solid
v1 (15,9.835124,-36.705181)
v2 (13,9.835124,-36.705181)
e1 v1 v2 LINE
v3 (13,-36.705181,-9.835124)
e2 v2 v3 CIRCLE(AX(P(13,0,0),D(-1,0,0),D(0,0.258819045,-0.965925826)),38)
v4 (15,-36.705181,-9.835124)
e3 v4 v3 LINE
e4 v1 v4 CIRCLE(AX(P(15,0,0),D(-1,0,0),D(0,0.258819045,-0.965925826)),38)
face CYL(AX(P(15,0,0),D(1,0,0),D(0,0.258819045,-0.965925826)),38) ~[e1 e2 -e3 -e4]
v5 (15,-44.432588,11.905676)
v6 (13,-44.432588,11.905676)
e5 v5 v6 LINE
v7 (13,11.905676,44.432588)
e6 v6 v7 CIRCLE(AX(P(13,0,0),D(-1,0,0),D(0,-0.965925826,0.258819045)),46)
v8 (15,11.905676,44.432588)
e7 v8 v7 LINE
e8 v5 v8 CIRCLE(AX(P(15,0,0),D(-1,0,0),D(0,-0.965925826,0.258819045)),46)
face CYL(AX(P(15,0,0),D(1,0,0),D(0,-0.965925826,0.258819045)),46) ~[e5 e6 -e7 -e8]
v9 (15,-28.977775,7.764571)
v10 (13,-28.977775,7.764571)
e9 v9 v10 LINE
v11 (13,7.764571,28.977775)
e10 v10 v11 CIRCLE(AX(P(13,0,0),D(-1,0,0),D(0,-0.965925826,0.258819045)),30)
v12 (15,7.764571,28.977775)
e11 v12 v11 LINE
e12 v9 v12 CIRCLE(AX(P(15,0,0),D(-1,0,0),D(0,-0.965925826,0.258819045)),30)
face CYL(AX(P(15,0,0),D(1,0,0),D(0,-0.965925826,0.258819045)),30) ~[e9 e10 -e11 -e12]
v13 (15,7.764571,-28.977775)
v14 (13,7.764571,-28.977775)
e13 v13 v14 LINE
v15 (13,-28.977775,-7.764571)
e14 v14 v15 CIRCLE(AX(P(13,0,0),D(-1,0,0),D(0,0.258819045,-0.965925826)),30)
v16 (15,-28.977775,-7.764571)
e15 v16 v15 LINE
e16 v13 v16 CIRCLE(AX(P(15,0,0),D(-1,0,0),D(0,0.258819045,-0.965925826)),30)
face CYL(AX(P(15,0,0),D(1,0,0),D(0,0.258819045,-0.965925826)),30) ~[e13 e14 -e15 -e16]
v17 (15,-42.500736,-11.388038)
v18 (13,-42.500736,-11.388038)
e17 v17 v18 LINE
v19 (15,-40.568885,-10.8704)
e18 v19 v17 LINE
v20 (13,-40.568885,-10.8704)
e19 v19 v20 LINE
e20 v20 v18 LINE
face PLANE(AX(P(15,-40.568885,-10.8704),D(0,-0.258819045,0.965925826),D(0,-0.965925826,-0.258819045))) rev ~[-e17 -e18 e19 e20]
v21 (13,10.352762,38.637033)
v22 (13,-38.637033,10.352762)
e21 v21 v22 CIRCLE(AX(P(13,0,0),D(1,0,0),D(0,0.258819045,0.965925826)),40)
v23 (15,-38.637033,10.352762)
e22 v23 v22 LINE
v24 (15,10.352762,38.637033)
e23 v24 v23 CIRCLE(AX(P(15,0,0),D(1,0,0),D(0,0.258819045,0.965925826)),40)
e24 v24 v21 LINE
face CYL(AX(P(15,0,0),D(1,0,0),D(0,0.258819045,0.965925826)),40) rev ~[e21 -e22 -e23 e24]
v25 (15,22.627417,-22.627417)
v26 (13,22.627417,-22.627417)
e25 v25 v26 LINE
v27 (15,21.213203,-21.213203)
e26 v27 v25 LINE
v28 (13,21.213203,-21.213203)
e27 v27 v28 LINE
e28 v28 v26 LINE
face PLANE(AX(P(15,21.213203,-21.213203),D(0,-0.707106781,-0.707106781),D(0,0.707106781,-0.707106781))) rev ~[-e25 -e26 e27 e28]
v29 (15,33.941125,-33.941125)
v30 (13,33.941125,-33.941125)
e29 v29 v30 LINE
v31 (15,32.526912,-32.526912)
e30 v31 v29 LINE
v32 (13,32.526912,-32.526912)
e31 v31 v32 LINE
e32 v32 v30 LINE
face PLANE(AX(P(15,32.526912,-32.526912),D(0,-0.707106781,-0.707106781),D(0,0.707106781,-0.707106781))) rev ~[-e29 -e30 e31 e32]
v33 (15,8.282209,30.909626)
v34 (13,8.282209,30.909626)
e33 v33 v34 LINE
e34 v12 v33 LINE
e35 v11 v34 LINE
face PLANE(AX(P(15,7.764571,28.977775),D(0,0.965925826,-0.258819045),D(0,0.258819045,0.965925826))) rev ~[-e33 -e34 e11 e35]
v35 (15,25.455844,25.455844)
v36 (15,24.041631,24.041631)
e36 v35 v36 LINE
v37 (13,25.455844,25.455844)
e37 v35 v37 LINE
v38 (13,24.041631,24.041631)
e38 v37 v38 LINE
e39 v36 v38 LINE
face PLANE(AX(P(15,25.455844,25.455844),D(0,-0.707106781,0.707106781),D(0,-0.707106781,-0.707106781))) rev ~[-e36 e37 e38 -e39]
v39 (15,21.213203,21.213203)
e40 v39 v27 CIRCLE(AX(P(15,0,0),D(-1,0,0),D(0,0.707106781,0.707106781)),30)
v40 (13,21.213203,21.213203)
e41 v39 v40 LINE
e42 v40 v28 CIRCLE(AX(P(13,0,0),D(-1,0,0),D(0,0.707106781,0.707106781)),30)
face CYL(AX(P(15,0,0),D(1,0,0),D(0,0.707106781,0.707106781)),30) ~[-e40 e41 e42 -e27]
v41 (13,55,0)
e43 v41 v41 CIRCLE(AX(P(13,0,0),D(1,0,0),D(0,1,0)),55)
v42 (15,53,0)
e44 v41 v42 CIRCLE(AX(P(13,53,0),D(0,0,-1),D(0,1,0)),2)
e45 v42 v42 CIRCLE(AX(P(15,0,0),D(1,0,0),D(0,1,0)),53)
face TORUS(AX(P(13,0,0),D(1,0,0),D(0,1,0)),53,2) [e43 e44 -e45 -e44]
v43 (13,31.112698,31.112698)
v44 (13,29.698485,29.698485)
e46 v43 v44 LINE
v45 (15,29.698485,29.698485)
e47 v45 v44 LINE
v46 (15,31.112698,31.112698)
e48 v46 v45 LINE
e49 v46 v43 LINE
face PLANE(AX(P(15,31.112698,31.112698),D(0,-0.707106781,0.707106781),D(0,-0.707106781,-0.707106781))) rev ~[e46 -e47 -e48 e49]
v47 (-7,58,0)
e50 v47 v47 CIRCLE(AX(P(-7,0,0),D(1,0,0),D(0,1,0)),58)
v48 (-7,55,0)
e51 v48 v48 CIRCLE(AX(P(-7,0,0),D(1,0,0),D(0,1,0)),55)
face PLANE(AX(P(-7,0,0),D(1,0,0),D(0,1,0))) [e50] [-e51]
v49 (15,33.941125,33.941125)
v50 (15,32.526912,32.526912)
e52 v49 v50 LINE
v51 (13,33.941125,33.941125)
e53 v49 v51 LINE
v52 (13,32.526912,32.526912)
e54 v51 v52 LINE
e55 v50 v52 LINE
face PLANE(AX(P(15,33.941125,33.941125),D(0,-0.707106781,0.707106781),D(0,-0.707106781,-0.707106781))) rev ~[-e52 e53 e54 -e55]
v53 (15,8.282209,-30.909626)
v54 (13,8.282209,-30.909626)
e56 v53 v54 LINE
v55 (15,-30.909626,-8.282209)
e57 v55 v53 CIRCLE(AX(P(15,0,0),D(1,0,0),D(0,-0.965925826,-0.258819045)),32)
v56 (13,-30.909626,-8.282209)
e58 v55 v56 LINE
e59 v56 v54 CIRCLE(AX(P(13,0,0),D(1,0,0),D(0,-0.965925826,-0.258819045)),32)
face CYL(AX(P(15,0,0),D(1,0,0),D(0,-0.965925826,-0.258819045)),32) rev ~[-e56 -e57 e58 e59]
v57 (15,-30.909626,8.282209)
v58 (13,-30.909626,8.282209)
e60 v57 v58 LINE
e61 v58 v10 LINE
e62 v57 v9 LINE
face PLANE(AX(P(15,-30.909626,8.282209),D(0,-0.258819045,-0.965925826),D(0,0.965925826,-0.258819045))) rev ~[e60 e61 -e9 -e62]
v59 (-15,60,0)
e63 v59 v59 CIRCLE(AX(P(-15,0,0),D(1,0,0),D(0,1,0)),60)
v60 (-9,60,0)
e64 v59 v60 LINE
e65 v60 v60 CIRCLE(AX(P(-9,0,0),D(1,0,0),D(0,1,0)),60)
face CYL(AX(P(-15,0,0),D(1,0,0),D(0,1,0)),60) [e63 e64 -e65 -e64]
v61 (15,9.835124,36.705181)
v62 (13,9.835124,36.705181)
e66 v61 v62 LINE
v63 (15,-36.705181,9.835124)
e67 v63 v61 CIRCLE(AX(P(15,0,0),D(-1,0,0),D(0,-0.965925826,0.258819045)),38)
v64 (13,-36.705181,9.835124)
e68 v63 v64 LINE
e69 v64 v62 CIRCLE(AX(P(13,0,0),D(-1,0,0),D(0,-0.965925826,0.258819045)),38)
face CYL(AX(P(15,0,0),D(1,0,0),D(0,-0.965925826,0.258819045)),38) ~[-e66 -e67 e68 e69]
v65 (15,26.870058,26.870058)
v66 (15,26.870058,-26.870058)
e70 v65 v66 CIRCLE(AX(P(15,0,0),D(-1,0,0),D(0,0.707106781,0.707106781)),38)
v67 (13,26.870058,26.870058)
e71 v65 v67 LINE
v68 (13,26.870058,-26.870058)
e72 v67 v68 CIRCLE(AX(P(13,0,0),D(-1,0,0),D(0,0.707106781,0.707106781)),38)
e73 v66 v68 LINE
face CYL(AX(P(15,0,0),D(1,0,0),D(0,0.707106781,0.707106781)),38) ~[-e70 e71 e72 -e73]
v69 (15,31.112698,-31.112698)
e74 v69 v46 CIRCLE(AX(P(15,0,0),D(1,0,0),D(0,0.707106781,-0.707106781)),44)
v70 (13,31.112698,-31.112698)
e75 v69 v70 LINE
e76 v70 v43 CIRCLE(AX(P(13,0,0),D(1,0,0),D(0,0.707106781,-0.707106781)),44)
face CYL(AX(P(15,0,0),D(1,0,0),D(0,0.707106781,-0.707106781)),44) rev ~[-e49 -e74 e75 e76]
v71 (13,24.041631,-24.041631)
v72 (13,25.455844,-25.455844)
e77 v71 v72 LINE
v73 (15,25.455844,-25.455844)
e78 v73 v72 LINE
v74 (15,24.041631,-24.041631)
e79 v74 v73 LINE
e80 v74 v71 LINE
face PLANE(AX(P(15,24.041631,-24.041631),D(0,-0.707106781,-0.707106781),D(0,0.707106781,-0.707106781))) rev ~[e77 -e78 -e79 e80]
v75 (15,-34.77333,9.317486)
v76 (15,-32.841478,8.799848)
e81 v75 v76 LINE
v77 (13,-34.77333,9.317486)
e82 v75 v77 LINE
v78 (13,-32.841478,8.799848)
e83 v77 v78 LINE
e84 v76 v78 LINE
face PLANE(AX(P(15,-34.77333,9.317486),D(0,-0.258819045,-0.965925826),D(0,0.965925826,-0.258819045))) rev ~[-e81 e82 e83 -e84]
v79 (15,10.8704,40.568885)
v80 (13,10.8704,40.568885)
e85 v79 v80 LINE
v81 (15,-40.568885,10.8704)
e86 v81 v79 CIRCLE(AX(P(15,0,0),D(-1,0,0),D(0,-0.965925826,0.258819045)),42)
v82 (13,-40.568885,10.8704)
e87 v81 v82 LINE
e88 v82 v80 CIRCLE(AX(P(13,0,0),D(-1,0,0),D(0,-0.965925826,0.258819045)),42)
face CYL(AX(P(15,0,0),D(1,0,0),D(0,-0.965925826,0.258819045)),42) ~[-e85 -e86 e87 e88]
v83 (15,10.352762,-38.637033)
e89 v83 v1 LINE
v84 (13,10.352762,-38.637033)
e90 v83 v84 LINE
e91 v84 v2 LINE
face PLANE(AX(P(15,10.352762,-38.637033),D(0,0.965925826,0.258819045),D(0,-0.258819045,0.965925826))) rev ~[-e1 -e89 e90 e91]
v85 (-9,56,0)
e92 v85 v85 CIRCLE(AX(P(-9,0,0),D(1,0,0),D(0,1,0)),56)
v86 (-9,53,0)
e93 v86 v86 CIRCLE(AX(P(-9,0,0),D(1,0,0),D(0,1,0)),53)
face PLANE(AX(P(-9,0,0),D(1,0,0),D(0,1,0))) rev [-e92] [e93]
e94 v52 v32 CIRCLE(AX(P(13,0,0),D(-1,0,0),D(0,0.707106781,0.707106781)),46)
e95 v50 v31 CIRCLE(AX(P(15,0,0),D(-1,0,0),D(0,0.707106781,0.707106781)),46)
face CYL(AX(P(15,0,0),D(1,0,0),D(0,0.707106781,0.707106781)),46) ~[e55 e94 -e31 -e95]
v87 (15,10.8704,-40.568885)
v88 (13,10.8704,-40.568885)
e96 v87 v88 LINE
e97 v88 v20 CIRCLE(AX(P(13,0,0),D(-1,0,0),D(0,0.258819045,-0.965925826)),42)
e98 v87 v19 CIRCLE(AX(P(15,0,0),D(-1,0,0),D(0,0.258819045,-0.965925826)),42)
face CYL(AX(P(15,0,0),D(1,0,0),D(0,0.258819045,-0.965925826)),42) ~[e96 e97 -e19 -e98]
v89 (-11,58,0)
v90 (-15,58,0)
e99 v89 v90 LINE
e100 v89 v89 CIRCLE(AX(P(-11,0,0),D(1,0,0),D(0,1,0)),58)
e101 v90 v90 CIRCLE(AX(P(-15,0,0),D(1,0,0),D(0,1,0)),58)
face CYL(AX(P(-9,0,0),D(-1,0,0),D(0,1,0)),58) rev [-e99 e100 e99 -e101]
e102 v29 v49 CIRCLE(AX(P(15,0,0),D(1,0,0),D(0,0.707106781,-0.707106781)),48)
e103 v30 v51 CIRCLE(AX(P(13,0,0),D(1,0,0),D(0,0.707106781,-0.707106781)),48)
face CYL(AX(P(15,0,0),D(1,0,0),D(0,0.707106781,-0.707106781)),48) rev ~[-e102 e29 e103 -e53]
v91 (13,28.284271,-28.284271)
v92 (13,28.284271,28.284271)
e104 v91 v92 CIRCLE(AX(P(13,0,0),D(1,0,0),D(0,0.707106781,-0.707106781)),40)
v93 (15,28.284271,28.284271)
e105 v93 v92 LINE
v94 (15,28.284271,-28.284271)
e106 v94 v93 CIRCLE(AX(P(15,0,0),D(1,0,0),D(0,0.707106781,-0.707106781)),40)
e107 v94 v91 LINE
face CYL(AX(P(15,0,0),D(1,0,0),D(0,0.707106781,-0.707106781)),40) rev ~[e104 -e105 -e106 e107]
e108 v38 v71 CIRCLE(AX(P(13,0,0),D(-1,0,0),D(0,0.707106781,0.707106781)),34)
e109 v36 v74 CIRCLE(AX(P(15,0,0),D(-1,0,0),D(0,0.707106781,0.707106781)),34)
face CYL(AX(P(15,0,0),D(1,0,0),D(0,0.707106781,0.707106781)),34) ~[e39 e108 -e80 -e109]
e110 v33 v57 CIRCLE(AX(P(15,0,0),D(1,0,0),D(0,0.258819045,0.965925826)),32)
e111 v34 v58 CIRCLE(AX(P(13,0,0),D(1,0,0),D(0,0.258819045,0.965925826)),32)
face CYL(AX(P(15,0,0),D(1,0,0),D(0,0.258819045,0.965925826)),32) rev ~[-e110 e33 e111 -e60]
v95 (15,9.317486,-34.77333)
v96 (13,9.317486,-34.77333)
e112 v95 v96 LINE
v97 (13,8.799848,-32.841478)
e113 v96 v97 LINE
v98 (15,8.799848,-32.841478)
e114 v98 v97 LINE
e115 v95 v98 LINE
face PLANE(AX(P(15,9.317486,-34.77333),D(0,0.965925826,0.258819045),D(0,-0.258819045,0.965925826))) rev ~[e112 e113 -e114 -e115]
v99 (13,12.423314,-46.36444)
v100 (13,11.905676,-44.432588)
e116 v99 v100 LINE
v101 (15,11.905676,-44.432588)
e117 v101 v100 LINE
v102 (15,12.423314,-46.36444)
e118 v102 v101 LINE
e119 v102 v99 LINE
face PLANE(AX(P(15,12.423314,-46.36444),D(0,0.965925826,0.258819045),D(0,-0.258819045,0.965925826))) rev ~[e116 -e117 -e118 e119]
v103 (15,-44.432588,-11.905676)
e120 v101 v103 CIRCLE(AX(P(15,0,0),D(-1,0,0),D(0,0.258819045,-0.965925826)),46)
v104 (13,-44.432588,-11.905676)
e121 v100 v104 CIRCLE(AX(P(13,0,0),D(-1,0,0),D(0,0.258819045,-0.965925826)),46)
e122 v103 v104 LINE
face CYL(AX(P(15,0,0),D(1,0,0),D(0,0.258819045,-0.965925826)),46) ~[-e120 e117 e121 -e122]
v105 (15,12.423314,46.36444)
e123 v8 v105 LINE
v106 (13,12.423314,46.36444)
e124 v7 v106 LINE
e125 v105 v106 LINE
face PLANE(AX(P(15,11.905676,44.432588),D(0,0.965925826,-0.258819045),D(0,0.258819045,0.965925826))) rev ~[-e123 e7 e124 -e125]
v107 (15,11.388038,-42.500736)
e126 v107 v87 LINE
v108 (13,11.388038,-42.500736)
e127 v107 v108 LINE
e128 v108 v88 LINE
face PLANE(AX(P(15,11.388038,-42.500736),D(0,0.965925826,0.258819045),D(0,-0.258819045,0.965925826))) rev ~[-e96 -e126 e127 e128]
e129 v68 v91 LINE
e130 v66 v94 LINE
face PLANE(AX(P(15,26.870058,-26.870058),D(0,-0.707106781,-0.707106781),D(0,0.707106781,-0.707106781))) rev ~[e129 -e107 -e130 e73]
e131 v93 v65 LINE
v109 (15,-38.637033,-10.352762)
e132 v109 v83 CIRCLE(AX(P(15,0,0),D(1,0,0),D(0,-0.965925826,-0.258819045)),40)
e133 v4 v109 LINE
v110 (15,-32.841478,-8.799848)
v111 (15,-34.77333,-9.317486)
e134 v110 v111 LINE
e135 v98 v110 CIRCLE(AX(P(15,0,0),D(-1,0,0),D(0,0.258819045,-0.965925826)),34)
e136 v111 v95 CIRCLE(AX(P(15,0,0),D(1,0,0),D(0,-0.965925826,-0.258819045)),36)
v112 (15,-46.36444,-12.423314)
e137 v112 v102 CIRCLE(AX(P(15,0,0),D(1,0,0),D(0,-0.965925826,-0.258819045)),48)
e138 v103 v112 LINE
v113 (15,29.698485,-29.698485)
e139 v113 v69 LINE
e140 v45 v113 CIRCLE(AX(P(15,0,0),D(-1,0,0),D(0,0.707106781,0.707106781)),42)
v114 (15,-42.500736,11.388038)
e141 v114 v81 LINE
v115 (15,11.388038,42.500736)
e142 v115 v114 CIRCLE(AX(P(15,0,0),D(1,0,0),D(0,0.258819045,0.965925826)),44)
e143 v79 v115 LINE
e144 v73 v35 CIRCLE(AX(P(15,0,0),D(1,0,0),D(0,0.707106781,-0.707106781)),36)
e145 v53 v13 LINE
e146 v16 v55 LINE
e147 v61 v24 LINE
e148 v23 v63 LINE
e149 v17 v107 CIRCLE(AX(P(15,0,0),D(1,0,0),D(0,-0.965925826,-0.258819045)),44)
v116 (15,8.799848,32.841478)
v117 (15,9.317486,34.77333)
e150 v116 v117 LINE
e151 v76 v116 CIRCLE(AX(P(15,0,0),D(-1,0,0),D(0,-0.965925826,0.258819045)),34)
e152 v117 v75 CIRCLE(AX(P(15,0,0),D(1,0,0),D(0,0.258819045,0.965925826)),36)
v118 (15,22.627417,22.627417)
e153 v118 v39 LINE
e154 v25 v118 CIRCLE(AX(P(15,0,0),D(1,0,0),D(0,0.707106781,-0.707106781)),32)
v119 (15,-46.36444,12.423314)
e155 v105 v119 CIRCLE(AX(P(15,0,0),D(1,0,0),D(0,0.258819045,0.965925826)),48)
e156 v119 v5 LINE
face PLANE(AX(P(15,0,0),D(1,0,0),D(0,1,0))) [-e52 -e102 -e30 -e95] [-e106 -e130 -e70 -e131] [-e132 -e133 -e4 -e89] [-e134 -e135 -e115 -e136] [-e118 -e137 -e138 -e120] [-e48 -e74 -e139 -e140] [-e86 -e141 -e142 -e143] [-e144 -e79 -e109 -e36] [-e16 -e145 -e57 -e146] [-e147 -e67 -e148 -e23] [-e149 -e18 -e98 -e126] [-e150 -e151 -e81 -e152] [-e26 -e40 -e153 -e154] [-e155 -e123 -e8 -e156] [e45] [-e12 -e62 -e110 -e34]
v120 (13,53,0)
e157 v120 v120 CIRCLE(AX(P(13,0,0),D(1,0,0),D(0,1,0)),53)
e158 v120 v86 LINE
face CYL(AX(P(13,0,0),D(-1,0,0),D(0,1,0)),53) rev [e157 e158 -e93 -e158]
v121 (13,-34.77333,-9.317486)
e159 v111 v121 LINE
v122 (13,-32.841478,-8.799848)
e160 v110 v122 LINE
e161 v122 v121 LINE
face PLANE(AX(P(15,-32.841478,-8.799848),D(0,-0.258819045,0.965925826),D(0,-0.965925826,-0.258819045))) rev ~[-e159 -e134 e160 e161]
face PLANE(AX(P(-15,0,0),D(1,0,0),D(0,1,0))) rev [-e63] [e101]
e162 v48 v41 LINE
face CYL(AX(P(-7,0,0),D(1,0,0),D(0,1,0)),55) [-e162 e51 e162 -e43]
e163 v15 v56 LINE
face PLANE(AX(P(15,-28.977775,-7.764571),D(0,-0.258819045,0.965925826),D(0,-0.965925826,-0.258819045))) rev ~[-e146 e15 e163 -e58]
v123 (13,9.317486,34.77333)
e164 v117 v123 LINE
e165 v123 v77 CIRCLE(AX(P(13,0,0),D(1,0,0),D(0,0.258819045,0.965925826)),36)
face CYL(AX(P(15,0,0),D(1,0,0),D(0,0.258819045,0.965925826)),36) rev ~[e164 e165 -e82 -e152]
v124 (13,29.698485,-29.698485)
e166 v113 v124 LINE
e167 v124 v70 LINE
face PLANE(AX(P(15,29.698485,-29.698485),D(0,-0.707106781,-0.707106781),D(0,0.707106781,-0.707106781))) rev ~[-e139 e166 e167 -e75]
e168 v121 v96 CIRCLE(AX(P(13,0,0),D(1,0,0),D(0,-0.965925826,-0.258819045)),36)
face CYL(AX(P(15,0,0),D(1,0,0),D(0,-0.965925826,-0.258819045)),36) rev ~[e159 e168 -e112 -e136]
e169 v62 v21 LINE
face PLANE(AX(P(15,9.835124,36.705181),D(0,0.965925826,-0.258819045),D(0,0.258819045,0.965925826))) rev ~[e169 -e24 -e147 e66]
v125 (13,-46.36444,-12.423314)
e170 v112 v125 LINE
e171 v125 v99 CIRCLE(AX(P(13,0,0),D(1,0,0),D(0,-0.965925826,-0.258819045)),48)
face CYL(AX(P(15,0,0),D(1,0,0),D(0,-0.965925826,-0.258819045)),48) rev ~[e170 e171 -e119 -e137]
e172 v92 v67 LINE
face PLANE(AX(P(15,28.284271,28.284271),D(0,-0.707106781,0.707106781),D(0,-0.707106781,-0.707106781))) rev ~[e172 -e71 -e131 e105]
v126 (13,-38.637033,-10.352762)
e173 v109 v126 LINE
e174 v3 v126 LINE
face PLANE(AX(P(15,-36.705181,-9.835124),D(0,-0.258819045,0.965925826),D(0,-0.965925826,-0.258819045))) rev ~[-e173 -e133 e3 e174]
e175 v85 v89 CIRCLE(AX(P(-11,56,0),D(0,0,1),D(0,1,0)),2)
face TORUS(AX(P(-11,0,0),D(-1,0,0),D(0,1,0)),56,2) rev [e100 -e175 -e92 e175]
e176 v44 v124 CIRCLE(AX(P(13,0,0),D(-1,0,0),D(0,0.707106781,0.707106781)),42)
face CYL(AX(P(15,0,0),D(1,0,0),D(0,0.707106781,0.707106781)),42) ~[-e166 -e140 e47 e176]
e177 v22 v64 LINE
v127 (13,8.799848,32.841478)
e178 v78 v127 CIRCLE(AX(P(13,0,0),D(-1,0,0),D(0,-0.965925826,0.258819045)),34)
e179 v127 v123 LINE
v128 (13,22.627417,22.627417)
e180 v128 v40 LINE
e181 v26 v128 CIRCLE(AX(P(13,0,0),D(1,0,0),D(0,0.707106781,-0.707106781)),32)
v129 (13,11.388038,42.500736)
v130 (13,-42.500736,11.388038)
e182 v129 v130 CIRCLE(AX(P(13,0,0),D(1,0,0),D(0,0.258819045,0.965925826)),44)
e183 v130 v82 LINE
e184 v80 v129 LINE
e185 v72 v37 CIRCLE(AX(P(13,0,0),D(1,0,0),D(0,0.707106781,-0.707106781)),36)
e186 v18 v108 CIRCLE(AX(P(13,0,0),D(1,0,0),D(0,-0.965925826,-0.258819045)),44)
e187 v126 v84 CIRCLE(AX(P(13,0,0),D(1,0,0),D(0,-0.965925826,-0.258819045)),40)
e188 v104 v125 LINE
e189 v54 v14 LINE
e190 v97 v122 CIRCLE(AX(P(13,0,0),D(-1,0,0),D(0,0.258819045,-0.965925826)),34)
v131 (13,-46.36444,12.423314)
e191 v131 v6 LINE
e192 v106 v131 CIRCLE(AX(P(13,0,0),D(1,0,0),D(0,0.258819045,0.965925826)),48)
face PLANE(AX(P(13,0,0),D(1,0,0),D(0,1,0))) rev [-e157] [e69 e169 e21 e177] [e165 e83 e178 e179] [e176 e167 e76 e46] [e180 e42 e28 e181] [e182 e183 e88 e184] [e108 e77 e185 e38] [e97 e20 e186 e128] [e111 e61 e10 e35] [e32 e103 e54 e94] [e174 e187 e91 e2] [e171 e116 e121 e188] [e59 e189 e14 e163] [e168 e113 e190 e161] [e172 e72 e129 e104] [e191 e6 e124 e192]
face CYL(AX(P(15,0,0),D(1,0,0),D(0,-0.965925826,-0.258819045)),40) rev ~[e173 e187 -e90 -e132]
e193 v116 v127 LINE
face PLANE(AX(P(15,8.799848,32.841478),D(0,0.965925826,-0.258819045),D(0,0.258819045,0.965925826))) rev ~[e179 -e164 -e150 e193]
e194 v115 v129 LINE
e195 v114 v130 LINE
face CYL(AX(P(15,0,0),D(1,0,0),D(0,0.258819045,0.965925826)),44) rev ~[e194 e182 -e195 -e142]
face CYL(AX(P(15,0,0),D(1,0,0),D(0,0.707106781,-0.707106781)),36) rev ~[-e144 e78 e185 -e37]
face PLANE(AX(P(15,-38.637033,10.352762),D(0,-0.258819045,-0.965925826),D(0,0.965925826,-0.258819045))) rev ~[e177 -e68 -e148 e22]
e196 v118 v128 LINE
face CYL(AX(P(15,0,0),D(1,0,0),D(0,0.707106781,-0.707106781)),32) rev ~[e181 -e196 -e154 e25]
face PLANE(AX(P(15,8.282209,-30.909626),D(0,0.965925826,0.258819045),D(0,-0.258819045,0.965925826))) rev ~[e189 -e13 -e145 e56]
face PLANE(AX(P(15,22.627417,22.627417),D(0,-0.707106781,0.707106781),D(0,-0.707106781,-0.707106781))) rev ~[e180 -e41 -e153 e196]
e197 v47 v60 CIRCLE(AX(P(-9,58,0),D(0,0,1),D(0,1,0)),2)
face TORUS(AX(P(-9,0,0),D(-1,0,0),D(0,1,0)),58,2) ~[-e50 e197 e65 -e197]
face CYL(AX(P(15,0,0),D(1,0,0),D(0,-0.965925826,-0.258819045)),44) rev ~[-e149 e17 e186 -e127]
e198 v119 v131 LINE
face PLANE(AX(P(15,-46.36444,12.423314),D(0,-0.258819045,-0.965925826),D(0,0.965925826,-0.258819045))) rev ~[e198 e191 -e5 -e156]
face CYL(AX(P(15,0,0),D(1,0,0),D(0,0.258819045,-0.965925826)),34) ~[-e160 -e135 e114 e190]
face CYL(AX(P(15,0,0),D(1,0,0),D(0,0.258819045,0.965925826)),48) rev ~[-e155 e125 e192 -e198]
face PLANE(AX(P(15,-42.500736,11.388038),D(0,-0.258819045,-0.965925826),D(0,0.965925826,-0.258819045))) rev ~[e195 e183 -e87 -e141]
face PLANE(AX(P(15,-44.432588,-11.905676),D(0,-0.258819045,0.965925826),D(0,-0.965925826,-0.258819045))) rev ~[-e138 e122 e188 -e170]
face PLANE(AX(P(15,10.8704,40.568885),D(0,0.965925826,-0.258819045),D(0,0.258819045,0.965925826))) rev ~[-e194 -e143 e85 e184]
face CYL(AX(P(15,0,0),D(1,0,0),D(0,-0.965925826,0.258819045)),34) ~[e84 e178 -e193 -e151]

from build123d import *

# Parameters (mm, degrees)
FILLET1_R          = 2
FILLET2_R          = 2
CUT_EXTRUDE2_DEPTH = 2
CIRPATTERN1_COUNT  = 3


with BuildPart() as part:
    # Sketch1 → Revolve2 (revolve)
    with BuildSketch(Plane.XY):
        Polygon((-15, 60), (-7, 60), (-7, 55), (15, 55), (15, 0), (13, 0), (13, 53), (-9, 53), (-9, 58), (-15, 58), align=None)
    revolve(axis=Axis((-15, 0, 0), (1, 0, 0)))

    # Fillet1
    fillet1_edges = [part.edges().sort_by_distance(p)[0] for p in [
        (15, -55, 0),
        (-9, -58, 0),
    ]]
    fillet(fillet1_edges, radius=FILLET1_R)

    # Fillet2
    fillet2_edges = [part.edges().sort_by_distance(p)[0] for p in [
        (-7, -60, 0),
    ]]
    fillet(fillet2_edges, radius=FILLET2_R)

    # Sketch2 → Cut-Extrude2 (cut)
    with BuildSketch(Plane(origin=(15, 0, 0), x_dir=(0, 0, -1), z_dir=(1, 0, 0))):
        with BuildLine():
            Line((-22.627416998, 22.627416998), (-21.213203436, 21.213203436))
            ThreePointArc((-21.213203436, 21.213203436), (0, 30), (21.213203436, 21.213203436))
            Line((21.213203436, 21.213203436), (22.627416998, 22.627416998))
            ThreePointArc((22.627416998, 22.627416998), (0, 32), (-22.627416998, 22.627416998))
        make_face()
        with BuildLine():
            Line((-25.455844123, 25.455844123), (-24.04163056, 24.04163056))
            ThreePointArc((-24.04163056, 24.04163056), (0, 34), (24.04163056, 24.04163056))
            Line((24.04163056, 24.04163056), (25.455844123, 25.455844123))
            ThreePointArc((25.455844123, 25.455844123), (0, 36), (-25.455844123, 25.455844123))
        make_face()
        with BuildLine():
            Line((-28.284271247, 28.284271247), (-26.870057685, 26.870057685))
            ThreePointArc((-26.870057685, 26.870057685), (0, 38), (26.870057685, 26.870057685))
            Line((26.870057685, 26.870057685), (28.284271247, 28.284271247))
            ThreePointArc((28.284271247, 28.284271247), (0, 40), (-28.284271247, 28.284271247))
        make_face()
        with BuildLine():
            Line((-31.112698372, 31.112698372), (-29.69848481, 29.69848481))
            ThreePointArc((-29.69848481, 29.69848481), (0, 42), (29.69848481, 29.69848481))
            Line((29.69848481, 29.69848481), (31.112698372, 31.112698372))
            ThreePointArc((31.112698372, 31.112698372), (0, 44), (-31.112698372, 31.112698372))
        make_face()
        with BuildLine():
            Line((-33.941125497, 33.941125497), (-32.526911935, 32.526911935))
            ThreePointArc((-32.526911935, 32.526911935), (0, 46), (32.526911935, 32.526911935))
            Line((32.526911935, 32.526911935), (33.941125497, 33.941125497))
            ThreePointArc((33.941125497, 33.941125497), (0, 48), (-33.941125497, 33.941125497))
        make_face()
    cut_extrude2 = extrude(amount=-CUT_EXTRUDE2_DEPTH, mode=Mode.SUBTRACT)

    # CirPattern1: Cut-Extrude2 ×3 about axis
    cirpattern1_axis = Axis((0, 0, 0), (1, 0, 0))
    for i in range(1, CIRPATTERN1_COUNT):
        add(cut_extrude2.rotate(cirpattern1_axis, i * 360 / CIRPATTERN1_COUNT), mode=Mode.SUBTRACT)


solid = part.part
